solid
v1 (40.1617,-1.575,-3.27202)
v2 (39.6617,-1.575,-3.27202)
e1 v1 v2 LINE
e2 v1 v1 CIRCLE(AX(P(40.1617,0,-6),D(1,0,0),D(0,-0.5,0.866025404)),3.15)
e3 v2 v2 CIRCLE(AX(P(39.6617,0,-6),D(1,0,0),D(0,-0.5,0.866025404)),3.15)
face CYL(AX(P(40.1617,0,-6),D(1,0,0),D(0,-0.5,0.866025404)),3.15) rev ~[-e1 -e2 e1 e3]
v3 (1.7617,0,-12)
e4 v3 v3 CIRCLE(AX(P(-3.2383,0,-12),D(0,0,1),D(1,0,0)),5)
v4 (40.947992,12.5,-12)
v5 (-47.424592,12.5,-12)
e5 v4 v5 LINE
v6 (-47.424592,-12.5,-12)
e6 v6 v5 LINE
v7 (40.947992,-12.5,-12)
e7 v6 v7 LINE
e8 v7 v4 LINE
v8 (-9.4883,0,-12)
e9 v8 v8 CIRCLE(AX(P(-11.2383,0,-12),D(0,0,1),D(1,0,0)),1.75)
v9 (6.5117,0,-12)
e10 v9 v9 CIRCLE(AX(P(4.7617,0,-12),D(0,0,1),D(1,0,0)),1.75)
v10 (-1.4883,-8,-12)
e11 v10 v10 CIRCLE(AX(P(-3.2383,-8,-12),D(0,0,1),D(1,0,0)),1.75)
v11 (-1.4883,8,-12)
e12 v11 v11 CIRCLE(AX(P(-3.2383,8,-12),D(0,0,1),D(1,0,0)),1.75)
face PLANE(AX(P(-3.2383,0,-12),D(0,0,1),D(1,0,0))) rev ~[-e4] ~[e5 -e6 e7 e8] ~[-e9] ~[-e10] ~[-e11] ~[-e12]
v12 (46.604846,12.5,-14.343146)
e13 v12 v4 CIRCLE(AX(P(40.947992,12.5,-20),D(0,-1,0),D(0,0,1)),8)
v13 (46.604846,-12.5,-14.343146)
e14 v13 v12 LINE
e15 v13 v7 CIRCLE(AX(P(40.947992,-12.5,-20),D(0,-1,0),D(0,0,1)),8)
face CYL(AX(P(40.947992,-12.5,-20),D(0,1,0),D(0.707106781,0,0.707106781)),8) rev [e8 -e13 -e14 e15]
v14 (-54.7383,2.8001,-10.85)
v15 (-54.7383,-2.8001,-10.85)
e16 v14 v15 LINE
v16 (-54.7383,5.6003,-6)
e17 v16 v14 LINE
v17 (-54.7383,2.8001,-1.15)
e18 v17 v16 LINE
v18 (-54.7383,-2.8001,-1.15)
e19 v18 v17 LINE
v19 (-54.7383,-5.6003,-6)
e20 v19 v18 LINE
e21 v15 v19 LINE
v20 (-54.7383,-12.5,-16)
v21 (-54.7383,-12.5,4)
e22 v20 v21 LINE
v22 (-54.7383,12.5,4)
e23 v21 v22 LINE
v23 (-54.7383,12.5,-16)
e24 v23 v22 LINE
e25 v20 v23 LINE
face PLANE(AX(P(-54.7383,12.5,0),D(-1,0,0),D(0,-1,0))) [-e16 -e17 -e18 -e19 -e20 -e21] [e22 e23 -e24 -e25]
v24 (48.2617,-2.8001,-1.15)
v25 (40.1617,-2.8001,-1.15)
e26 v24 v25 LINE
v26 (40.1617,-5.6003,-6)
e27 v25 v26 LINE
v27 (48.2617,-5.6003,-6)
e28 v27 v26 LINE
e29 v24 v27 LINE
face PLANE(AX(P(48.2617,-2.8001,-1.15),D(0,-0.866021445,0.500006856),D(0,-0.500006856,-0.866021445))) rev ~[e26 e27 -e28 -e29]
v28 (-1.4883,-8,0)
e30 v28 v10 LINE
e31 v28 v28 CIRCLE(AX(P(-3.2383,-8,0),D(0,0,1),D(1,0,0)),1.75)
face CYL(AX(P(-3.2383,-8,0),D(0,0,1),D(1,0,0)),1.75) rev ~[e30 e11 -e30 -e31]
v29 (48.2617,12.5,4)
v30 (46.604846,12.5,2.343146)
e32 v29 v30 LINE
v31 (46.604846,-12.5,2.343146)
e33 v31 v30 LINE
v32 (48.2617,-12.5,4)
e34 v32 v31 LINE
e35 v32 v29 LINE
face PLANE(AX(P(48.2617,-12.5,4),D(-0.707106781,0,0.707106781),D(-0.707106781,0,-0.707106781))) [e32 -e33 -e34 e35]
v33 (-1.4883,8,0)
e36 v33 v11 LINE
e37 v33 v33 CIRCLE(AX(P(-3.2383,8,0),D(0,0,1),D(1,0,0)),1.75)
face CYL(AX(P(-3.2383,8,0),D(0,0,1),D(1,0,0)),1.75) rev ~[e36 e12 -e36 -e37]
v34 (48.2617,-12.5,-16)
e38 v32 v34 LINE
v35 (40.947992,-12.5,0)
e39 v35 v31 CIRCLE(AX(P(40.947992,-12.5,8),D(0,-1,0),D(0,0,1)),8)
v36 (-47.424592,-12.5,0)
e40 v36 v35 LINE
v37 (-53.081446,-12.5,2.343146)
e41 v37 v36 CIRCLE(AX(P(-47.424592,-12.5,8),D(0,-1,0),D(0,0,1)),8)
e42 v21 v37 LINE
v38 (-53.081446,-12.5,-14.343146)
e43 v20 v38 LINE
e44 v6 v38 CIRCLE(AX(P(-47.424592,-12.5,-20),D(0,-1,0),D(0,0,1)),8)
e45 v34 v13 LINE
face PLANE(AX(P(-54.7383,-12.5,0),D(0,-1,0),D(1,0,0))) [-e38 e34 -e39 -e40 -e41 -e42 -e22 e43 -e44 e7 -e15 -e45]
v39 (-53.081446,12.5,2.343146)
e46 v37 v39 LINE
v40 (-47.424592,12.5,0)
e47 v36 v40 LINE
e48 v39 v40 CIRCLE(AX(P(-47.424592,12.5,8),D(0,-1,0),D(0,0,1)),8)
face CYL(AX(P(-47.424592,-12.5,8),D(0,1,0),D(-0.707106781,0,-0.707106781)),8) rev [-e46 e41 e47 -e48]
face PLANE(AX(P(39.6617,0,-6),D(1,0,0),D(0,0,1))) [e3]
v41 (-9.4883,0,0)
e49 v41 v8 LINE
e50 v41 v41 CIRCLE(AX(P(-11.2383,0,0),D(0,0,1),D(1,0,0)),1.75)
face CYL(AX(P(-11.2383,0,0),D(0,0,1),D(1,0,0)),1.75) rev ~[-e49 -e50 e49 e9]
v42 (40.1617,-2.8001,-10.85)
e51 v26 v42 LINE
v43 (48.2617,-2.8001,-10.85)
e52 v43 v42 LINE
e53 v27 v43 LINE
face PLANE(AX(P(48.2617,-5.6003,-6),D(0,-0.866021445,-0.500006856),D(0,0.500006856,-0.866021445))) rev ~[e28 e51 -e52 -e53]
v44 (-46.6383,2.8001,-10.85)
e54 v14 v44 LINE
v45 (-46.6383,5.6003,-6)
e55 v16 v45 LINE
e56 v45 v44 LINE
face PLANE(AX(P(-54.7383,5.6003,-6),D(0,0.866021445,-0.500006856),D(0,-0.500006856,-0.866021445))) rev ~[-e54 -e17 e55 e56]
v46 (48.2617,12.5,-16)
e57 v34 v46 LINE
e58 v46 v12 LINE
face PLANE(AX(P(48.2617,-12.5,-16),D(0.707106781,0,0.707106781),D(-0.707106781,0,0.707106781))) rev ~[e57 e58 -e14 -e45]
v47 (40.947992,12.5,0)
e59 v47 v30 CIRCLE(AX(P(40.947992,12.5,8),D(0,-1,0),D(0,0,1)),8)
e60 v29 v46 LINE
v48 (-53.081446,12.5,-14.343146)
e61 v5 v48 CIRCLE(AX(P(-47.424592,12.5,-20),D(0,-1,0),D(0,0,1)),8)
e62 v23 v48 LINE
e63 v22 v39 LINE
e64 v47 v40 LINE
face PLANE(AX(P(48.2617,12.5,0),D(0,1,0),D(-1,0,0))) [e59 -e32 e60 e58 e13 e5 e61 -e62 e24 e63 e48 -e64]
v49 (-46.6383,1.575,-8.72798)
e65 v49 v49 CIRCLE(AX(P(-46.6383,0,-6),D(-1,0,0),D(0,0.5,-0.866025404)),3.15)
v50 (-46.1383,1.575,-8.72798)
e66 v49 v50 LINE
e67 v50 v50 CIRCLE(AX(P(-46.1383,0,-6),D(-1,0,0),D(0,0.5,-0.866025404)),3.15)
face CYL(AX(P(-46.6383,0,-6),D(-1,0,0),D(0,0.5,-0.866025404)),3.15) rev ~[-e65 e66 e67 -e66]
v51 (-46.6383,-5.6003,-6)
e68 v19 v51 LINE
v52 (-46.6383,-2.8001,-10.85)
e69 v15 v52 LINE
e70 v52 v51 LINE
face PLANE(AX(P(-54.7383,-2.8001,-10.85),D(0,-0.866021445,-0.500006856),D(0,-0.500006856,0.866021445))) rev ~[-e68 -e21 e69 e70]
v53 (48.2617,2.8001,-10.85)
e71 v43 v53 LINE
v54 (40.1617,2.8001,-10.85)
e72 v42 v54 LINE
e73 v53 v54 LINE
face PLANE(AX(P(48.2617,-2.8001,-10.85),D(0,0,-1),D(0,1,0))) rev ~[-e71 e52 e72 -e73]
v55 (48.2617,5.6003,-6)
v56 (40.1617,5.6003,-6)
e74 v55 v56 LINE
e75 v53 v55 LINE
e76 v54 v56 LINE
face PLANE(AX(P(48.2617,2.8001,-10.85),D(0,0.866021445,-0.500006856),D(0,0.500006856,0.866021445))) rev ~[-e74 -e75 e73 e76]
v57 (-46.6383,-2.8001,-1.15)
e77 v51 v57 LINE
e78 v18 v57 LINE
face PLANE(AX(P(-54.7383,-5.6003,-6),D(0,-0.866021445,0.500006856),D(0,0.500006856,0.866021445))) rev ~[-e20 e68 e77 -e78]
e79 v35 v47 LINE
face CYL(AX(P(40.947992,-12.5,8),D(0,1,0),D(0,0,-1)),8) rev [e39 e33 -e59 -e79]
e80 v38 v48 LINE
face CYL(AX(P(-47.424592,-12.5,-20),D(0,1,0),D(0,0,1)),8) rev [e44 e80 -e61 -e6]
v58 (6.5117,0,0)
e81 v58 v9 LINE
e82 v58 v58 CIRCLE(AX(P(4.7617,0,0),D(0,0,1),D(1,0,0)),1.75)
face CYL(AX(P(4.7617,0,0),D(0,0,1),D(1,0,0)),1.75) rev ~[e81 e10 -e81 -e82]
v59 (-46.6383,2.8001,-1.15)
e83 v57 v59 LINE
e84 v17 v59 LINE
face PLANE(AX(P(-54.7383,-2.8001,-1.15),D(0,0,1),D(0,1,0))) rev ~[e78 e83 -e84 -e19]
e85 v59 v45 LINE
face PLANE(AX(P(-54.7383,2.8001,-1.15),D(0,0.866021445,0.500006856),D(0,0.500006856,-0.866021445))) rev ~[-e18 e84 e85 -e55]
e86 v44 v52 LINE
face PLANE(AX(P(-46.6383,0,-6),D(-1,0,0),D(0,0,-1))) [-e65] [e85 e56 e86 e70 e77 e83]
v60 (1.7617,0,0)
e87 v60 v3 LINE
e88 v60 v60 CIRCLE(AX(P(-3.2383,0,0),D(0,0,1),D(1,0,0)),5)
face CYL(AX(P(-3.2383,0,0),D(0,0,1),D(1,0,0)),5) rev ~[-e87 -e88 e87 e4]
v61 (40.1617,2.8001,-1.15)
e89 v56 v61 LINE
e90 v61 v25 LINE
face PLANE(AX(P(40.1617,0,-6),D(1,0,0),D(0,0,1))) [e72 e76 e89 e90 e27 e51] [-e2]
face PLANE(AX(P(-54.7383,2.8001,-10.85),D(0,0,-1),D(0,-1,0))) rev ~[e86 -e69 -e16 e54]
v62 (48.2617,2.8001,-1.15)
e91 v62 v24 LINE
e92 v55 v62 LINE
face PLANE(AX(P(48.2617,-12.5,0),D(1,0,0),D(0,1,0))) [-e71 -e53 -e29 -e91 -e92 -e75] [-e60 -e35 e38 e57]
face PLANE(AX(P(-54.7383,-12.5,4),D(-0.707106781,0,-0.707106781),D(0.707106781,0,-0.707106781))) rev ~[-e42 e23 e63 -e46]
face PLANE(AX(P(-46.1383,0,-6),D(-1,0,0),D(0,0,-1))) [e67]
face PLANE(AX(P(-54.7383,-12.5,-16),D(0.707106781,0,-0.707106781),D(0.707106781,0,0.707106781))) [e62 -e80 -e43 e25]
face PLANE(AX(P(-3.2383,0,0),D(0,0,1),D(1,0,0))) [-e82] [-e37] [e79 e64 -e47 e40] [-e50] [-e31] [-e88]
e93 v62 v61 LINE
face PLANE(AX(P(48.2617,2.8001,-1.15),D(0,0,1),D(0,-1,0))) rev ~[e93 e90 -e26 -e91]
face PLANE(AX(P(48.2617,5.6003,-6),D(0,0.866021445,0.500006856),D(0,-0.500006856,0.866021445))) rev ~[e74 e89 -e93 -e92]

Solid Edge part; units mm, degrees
sketch "Sketch1" plane through (0, 0, 0) normal (0, 0, 1) x (1, 0, 0)
  line L0 (48.2617, 12.5) -> (-54.7383, 12.5)
  line L1 (-54.7383, 12.5) -> (-54.7383, -12.5)
  line L2 (-54.7383, -12.5) -> (48.2617, -12.5)
  line L3 (48.2617, -12.5) -> (48.2617, 12.5)
  circle A0 centre (-11.2383, 0) radius 1.75
  circle A1 centre (-3.2383, -8) radius 1.75
  circle A2 centre (4.7617, 0) radius 1.75
  circle A3 centre (-3.2383, 0) radius 5
  circle A4 centre (-3.2383, 8) radius 1.75
  dimension "D1" = 103
  dimension "D2" = 25
  dimension "D3" = 3.5
  dimension "D4" = 10
  dimension "D5" = 51.5
  dimension "D6" = 8
  dimension "D7" = 8
  dimension "D8" = 8
  dimension "D9" = 8
  dimension "D10" = 51.5
extrude "Protrusion1" add sketch "Sketch1" against normal blind 12
sketch "Sketch2" plane through (-54.7383, 0, -6) normal (-1, 0, 0) x (0, 0, -1)
  line L0 (4.85, 2.8001) -> (0, 5.6003)
  line L1 (0, 5.6003) -> (-4.85, 2.8001)
  line L2 (-4.85, 2.8001) -> (-4.85, -2.8001)
  line L3 (-4.85, -2.8001) -> (0, -5.6003)
  line L4 (0, -5.6003) -> (4.85, -2.8001)
  line L5 (4.85, -2.8001) -> (4.85, 2.8001)
extrude "ExtrudedCutout_2" cut sketch "Sketch2" against normal blind 8.1
sketch "Sketch3" plane through (48.2617, 0, -6) normal (1, 0, 0) x (0, 0, 1)
  line L0 (4.85, 2.8001) -> (0, 5.6003)
  line L1 (0, 5.6003) -> (-4.85, 2.8001)
  line L2 (-4.85, 2.8001) -> (-4.85, -2.8001)
  line L3 (-4.85, -2.8001) -> (0, -5.6003)
  line L4 (0, -5.6003) -> (4.85, -2.8001)
  line L5 (4.85, -2.8001) -> (4.85, 2.8001)
extrude "ExtrudedCutout_3" cut sketch "Sketch3" against normal blind 8.1
sketch "Sketch4" plane through (-4.7383, -12.5, -6) normal (0, -1, 0) x (-1, 0, 0)
  line L0 (-53, 10) -> (-49, 6)
  line L1 (-53, 6) -> (-49, 6)
  line L2 (-53, 6) -> (-53, 10)
  line L3 (-53, -6) -> (-53, -10)
  line L4 (-53, -10) -> (-49, -6)
  line L5 (-53, -6) -> (-49, -6)
  line L6 (50, 10) -> (46, 6)
  line L7 (46, 6) -> (50, 6)
  line L8 (50, 6) -> (50, 10)
  line L9 (50, -10) -> (46, -6)
  line L10 (50, -6) -> (46, -6)
  line L11 (50, -6) -> (50, -10)
  dimension "D1" = 4
  dimension "D2" = 5.6569
  dimension "D3" = 4
  dimension "D4" = 5.6569
  dimension "D5" = 4
  dimension "D6" = 5.6569
  dimension "D7" = 4
extrude "ExtrudedProtrusion_8" add sketch "Sketch4" against normal blind 25
sketch "Sketch5" plane through (40.1617, 0, -6) normal (1, 0, 0) x (0, -0.5, 0.866)
  circle A0 centre (0, 0) radius 3.15
extrude "ExtrudedCutout_4" cut sketch "Sketch5" against normal blind 0.5
sketch "Sketch6" plane through (-46.6383, 0, -6) normal (-1, 0, 0) x (0, 0.5, -0.866)
  circle A0 centre (0, 0) radius 3.15
extrude "ExtrudedCutout_5" cut sketch "Sketch6" against normal blind 0.5
fillet "Round_2" radius 8 4 edges at (44.2617, 0, 0) (44.2617, 0, -12) (-50.7383, 0, -12) (-50.7383, 0, 0)
